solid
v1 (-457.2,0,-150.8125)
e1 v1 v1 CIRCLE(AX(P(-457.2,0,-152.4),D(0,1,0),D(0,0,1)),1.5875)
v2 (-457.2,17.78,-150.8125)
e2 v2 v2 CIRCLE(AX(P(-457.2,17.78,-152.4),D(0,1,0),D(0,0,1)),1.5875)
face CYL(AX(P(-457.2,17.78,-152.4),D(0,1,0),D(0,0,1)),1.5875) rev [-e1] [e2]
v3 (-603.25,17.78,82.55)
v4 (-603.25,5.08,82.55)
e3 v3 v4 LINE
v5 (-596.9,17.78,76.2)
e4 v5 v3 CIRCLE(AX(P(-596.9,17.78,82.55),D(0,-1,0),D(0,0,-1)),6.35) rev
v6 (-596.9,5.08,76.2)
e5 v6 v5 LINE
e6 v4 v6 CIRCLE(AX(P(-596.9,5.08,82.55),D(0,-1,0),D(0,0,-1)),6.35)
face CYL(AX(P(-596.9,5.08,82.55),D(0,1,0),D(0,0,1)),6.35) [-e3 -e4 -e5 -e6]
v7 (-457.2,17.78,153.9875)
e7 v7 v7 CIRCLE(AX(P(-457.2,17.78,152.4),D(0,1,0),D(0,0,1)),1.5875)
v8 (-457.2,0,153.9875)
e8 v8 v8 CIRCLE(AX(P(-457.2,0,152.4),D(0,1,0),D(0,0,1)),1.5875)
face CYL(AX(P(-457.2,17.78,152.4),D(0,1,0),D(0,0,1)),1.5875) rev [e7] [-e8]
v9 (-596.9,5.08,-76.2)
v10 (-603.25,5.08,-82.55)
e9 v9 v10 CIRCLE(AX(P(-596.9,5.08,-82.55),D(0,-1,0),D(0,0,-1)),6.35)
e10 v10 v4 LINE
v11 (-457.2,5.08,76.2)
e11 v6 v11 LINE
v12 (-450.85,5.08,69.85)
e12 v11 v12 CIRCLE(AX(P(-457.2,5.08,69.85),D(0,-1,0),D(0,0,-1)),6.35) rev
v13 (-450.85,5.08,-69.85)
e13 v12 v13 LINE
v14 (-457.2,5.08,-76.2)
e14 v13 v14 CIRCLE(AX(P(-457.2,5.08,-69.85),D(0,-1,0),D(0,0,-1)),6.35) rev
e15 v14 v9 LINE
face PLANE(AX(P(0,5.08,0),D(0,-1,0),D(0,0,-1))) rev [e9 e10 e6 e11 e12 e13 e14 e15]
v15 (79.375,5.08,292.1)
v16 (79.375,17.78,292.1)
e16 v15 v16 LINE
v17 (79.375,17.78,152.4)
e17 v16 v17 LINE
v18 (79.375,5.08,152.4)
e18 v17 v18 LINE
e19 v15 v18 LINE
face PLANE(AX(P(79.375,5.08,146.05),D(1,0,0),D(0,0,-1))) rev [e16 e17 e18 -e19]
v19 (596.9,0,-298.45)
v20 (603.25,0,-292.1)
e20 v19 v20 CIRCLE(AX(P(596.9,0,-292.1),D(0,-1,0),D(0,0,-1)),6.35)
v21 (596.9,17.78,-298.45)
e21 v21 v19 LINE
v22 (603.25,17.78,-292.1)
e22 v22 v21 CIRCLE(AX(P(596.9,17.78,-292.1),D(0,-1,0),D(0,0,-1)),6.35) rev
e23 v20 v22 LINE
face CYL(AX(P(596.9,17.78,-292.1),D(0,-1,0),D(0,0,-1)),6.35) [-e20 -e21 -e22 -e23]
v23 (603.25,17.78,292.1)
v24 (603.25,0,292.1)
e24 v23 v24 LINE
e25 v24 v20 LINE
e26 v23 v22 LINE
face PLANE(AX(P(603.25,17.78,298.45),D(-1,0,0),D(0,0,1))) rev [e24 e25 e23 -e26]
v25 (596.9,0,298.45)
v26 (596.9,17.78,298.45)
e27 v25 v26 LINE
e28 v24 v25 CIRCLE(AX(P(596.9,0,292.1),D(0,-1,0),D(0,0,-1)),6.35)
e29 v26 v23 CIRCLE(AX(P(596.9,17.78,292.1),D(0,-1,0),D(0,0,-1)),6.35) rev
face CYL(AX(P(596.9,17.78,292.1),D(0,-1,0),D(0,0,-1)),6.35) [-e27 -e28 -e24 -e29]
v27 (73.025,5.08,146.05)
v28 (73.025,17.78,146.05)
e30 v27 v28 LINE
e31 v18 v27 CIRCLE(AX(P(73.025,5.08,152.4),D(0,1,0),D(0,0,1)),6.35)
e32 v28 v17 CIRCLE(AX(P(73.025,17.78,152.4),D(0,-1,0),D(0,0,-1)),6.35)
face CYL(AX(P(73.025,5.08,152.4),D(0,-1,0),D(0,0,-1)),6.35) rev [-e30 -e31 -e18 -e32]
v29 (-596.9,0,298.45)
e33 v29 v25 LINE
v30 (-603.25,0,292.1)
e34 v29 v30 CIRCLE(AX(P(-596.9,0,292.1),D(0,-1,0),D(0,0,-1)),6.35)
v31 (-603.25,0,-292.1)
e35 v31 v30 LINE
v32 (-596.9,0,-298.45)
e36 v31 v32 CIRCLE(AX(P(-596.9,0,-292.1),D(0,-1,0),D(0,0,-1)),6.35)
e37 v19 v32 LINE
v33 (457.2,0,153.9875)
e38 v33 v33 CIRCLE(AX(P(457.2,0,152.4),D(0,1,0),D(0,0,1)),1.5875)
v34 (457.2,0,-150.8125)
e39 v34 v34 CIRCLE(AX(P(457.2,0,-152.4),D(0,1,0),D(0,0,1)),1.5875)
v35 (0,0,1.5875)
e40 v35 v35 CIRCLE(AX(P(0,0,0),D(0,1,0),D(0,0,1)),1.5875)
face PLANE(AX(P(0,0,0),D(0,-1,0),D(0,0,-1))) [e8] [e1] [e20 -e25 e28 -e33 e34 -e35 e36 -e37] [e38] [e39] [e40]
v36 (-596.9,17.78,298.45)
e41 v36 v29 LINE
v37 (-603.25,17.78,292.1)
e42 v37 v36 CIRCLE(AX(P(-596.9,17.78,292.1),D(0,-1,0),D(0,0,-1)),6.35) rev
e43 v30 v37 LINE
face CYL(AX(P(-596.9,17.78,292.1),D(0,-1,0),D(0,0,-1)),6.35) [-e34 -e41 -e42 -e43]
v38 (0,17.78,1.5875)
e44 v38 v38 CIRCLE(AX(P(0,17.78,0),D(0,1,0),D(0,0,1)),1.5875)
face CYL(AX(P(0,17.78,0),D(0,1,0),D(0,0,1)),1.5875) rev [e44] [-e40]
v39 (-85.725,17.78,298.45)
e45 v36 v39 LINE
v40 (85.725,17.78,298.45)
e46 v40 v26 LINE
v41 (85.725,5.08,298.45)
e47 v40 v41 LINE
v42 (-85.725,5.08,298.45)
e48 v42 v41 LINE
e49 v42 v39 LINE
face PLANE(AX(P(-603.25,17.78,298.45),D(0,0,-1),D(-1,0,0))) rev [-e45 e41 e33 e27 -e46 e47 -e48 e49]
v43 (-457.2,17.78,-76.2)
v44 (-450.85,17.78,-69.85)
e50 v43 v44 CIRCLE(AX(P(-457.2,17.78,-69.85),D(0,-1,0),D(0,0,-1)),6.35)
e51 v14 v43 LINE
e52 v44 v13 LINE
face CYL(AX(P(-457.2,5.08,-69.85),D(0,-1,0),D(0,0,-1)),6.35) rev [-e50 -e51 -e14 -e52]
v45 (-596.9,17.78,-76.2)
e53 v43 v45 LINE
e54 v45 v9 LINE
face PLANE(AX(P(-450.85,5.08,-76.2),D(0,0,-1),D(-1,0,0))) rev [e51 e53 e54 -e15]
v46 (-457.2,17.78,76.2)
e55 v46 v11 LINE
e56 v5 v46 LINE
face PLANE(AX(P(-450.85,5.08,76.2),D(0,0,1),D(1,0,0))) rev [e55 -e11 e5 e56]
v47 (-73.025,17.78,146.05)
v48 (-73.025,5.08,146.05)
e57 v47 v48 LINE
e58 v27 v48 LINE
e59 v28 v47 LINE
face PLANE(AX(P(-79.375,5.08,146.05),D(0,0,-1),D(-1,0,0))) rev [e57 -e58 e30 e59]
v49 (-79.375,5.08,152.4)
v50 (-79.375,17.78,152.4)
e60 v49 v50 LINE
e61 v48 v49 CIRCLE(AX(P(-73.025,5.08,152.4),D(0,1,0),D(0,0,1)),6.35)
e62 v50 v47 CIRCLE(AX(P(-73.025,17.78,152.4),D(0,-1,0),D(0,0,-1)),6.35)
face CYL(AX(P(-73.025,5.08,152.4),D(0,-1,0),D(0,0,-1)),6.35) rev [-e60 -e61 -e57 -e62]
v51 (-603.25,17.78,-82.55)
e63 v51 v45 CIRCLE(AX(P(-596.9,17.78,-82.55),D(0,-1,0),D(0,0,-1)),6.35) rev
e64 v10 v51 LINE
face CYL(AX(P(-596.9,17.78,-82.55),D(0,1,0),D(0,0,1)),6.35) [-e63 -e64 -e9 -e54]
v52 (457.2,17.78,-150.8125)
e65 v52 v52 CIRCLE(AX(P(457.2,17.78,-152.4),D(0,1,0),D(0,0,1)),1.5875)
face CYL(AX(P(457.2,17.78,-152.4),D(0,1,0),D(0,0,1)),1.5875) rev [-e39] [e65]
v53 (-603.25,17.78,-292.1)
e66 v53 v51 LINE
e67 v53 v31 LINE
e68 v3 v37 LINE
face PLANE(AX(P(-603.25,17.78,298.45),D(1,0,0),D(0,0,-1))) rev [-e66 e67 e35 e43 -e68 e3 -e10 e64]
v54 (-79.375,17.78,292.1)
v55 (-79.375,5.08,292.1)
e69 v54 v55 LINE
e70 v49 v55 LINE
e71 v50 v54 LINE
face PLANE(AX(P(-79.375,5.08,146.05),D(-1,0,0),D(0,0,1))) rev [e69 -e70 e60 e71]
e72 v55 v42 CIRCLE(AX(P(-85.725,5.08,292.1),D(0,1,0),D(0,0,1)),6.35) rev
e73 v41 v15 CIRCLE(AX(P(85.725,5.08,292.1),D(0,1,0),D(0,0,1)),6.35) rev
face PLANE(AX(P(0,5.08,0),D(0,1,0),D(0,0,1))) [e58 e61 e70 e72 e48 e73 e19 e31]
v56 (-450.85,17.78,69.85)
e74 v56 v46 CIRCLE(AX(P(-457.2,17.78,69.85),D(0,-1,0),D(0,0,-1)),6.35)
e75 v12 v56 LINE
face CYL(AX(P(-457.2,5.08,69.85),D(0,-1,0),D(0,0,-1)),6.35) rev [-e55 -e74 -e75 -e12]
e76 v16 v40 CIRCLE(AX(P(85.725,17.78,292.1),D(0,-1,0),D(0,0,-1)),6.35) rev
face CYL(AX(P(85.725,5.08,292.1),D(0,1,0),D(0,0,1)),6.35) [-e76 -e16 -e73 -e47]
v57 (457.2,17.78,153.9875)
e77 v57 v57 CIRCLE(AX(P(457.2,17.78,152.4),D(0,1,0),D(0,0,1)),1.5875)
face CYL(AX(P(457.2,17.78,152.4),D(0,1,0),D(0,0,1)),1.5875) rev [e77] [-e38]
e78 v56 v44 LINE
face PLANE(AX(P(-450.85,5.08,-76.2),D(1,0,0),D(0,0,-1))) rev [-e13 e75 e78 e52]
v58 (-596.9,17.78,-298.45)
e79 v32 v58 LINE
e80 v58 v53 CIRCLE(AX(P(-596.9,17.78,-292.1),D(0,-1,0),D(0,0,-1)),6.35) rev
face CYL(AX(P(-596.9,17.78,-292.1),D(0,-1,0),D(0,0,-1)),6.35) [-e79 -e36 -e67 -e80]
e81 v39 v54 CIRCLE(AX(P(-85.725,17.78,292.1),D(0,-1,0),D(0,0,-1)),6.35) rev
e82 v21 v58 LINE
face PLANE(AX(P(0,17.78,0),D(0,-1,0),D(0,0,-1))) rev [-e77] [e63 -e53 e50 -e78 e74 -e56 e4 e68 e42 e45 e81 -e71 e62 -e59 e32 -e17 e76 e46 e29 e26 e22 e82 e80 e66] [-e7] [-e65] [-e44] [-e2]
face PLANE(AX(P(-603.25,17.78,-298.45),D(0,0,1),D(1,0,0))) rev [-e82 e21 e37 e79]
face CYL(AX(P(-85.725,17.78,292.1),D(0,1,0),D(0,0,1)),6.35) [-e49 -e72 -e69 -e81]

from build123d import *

# Parameters (mm, degrees)
SKETCH1_W                    = 1206.5
SKETCH1_H                    = 596.9
BOSS_EXTRUDE1_DEPTH          = 17.78
F_1_8_0_125_DIAMETER_HOLE1_D = 3.175
FILLET1_R                    = 6.35
SKETCH4_W                    = 158.75
SKETCH4_H                    = 152.4
SKETCH4_W_2                  = 152.4
CUT_EXTRUDE1_DEPTH           = 12.7
FILLET2_R                    = 6.35


with BuildPart() as part:
    # Sketch1 → Boss-Extrude1 (new body)
    with BuildSketch(Plane(origin=(0, 0, 0), x_dir=(1, 0, 0), z_dir=(0, 1, 0))):
        Rectangle(SKETCH1_W, SKETCH1_H)
    extrude(amount=BOSS_EXTRUDE1_DEPTH)

    # 1/8 (0.125) Diameter Hole1 (through all)
    with Locations(Plane(origin=(0, 17.78, 0), x_dir=(1, 0, 0), z_dir=(0, 1, 0))):
        with Locations((0, 0), (457.2, 152.4), (-457.2, -152.4), (-457.2, 152.4), (457.2, -152.4)):
            Hole(F_1_8_0_125_DIAMETER_HOLE1_D / 2)

    # Fillet1
    fillet1_edges = [part.edges().sort_by_distance(p)[0] for p in [
        (603.25, 8.89, 298.45),
        (-603.25, 8.89, 298.45),
        (-603.25, 8.89, -298.45),
        (603.25, 8.89, -298.45),
    ]]
    fillet(fillet1_edges, radius=FILLET1_R)

    # Sketch4 → Cut-Extrude1 (cut)
    with BuildSketch(Plane(origin=(0, 17.78, 0), x_dir=(1, 0, 0), z_dir=(0, 1, 0))):
        with Locations((0, -222.25)):
            Rectangle(SKETCH4_W, SKETCH4_H)
        with Locations((-527.05, 0)):
            Rectangle(SKETCH4_W_2, SKETCH4_H)
    extrude(amount=-CUT_EXTRUDE1_DEPTH, mode=Mode.SUBTRACT)

    # Fillet2
    fillet2_edges = [part.edges().sort_by_distance(p)[0] for p in [
        (79.375, 11.43, 146.05),
        (79.375, 11.43, 298.45),
        (-79.375, 11.43, 298.45),
        (-79.375, 11.43, 146.05),
        (-603.25, 11.43, 76.2),
        (-603.25, 11.43, -76.2),
        (-450.85, 11.43, -76.2),
        (-450.85, 11.43, 76.2),
    ]]
    fillet(fillet2_edges, radius=FILLET2_R)


solid = part.part
